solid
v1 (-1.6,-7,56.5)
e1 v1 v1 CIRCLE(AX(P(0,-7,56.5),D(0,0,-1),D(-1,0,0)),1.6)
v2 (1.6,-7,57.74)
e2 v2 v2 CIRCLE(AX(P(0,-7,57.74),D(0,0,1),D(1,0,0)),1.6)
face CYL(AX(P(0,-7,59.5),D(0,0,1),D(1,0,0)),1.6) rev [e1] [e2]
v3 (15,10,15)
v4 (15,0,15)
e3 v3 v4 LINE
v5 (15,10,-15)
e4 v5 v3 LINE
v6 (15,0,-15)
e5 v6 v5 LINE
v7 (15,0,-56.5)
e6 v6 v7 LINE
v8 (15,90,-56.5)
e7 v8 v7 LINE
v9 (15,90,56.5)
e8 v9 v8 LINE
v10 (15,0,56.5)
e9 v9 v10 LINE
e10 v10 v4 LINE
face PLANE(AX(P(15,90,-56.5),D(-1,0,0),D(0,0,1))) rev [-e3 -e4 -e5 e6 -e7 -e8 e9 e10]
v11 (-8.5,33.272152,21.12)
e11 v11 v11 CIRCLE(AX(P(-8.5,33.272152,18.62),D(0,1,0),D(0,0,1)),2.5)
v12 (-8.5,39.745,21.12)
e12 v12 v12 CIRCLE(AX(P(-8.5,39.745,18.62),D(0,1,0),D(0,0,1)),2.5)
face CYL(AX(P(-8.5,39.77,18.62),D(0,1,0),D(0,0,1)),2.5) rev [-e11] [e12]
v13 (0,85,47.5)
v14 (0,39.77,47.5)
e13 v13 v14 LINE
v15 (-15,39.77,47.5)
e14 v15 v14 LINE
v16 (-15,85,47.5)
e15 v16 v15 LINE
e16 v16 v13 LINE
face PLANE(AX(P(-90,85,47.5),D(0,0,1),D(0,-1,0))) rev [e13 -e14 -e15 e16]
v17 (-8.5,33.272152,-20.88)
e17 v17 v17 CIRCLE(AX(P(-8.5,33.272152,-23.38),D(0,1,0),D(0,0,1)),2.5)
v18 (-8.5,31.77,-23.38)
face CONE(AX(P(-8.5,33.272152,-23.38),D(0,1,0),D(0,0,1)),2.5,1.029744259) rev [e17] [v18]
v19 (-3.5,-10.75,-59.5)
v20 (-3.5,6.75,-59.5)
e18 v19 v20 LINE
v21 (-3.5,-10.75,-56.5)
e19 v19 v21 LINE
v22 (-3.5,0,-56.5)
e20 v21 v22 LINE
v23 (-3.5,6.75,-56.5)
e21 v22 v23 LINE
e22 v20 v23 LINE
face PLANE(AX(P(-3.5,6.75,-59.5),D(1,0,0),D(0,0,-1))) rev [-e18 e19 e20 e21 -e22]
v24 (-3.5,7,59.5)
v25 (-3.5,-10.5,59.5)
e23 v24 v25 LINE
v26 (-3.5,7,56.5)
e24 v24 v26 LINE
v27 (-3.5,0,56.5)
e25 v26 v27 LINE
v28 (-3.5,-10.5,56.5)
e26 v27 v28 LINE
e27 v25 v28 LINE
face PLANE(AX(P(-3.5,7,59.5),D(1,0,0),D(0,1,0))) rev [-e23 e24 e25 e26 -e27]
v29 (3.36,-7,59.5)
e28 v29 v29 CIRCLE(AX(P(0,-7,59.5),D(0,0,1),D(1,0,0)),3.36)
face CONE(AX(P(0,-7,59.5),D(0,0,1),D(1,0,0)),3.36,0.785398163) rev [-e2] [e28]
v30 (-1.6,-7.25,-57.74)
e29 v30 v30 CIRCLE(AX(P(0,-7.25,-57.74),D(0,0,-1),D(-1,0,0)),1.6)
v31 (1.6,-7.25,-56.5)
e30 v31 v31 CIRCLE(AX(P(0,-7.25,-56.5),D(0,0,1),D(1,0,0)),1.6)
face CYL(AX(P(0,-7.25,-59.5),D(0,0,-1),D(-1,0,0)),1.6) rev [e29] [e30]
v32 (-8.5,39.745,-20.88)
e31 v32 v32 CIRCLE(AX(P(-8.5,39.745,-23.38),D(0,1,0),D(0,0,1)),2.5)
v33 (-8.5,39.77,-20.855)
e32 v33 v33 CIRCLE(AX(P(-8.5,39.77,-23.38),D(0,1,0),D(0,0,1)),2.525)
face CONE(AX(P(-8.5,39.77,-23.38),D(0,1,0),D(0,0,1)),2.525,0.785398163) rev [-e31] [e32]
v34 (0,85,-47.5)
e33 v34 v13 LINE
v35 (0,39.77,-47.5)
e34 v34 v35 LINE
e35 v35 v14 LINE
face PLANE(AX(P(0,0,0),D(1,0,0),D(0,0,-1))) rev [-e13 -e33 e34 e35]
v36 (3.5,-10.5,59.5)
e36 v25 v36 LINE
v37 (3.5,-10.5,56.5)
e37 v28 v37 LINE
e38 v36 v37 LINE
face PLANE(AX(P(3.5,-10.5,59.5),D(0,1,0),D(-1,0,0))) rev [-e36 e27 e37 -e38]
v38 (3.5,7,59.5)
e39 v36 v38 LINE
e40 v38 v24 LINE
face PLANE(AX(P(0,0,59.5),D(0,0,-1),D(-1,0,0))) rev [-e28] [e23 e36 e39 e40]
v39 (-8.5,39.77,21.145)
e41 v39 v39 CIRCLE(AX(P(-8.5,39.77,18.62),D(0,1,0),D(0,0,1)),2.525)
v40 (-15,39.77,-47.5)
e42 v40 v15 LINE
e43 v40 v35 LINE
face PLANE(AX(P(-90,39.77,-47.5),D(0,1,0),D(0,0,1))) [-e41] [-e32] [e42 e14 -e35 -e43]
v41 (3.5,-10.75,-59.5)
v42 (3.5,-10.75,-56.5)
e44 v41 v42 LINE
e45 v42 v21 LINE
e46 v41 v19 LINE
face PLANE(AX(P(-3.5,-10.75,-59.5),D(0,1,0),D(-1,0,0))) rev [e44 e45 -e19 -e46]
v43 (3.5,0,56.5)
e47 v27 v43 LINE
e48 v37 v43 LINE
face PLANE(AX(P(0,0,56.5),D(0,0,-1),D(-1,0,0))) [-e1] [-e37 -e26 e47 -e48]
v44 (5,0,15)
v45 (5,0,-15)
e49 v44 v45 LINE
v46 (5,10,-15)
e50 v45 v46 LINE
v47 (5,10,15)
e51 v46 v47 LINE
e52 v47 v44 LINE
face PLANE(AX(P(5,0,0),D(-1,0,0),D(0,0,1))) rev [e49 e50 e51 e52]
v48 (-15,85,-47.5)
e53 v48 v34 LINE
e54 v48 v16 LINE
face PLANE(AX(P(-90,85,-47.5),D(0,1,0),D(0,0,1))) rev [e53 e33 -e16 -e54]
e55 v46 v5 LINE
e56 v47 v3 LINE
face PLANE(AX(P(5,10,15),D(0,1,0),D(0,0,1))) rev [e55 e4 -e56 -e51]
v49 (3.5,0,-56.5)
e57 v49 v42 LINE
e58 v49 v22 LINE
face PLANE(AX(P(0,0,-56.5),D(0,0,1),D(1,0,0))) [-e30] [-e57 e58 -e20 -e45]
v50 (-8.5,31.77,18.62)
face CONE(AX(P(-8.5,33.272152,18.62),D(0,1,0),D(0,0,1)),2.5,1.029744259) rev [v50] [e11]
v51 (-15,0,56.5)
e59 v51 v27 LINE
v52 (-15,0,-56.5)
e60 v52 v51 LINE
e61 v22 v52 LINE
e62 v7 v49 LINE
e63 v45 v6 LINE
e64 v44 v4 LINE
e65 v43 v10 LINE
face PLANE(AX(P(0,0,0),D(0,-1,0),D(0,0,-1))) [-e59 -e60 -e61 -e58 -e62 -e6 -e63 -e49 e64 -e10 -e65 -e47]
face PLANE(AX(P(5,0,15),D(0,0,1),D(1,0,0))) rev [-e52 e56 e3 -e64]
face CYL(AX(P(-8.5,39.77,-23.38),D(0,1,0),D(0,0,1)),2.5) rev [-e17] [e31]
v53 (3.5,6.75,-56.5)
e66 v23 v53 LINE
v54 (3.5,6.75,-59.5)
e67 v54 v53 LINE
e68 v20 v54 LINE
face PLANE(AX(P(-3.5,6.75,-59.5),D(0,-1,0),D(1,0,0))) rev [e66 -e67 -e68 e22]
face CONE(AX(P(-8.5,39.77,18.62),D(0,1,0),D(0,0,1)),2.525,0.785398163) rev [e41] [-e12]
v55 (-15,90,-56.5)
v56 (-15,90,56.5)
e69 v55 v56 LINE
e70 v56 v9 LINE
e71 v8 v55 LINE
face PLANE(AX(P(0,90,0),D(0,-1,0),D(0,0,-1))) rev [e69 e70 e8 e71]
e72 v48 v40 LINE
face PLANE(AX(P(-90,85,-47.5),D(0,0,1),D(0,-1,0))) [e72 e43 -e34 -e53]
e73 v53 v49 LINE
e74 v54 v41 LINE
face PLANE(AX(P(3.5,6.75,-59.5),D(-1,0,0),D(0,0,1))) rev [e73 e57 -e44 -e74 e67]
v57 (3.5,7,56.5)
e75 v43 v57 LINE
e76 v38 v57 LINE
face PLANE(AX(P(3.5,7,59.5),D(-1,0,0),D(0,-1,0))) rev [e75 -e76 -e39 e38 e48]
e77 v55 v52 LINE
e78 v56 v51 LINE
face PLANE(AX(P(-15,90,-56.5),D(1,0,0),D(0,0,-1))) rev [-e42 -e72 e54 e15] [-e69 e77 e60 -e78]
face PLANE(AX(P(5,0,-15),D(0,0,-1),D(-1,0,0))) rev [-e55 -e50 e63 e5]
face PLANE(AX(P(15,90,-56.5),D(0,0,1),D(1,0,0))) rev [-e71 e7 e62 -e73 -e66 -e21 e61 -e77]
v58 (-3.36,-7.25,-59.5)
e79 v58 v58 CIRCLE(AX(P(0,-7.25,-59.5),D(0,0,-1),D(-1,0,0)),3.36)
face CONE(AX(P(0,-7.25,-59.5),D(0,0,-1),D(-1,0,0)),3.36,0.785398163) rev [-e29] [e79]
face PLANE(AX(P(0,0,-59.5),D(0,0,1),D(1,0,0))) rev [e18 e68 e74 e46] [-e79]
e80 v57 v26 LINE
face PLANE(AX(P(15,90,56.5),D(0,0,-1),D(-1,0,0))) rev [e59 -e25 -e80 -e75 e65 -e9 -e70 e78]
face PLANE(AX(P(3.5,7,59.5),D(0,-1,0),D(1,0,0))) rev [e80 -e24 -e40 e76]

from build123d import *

# Parameters (mm, degrees)
SKETCH1_W                                            = 30
SKETCH1_H                                            = 113
BOSS_EXTRUDE1_DEPTH                                  = 90
SKETCH3_W                                            = 95
SKETCH3_H                                            = 45.23
CUT_EXTRUDE1_DEPTH                                   = 90
SKETCH4_W                                            = 30
SKETCH4_H                                            = 10
CUT_EXTRUDE2_DEPTH                                   = 10
F_5_0_5_DIAMETER_HOLE1_D                             = 5
F_5_0_5_DIAMETER_HOLE1_DEPTH                         = 6.497848452
F_5_0_5_DIAMETER_HOLE1_CSINK_D                       = 5.05
F_5_0_5_DIAMETER_HOLE1_CSINK_ANGLE                   = 90
F_5_0_5_DIAMETER_HOLE1_TIP                           = 1.502151548
SKETCH9_W                                            = 7
SKETCH9_H                                            = 17.5
BOSS_EXTRUDE2_DEPTH                                  = 3
CSK_FOR_M3_HEX_SOCKET_COUNTERSUNK_CAP_SC_D           = 3.2
CSK_FOR_M3_HEX_SOCKET_COUNTERSUNK_CAP_SC_DEPTH       = 7.23862301
CSK_FOR_M3_HEX_SOCKET_COUNTERSUNK_CAP_SC_CSINK_D     = 6.72
CSK_FOR_M3_HEX_SOCKET_COUNTERSUNK_CAP_SC_CSINK_ANGLE = 90
CSK_FOR_M3_HEX_SOCKET_COUNTERSUNK_CAP_SC_TIP         = 0.96137699
SKETCH14_W                                           = 7
SKETCH14_H                                           = 17.5
BOSS_EXTRUDE3_DEPTH                                  = 3
CSK_FOR_M3_HEX_SOCKET_COUNTERSUNK_CA_2_D             = 3.2
CSK_FOR_M3_HEX_SOCKET_COUNTERSUNK_CA_2_DEPTH         = 7.23862301
CSK_FOR_M3_HEX_SOCKET_COUNTERSUNK_CA_2_CSINK_D       = 6.72
CSK_FOR_M3_HEX_SOCKET_COUNTERSUNK_CA_2_CSINK_ANGLE   = 90
CSK_FOR_M3_HEX_SOCKET_COUNTERSUNK_CA_2_TIP           = 0.96137699


with BuildPart() as part:
    # Sketch1 → Boss-Extrude1 (new body)
    with BuildSketch(Plane(origin=(0, 0, 0), x_dir=(1, 0, 0), z_dir=(0, 1, 0))):
        Rectangle(SKETCH1_W, SKETCH1_H)
    extrude(amount=BOSS_EXTRUDE1_DEPTH)

    # Sketch3 → Cut-Extrude1 (cut)
    with BuildSketch(Plane(origin=(0, 0, 0), x_dir=(0, 0, -1), z_dir=(1, 0, 0))):
        with Locations((0, 62.385)):
            Rectangle(SKETCH3_W, SKETCH3_H)
    extrude(amount=-CUT_EXTRUDE1_DEPTH, mode=Mode.SUBTRACT)

    # Sketch4 → Cut-Extrude2 (cut)
    with BuildSketch(Plane(origin=(15, 0, 0), x_dir=(0, 0, -1), z_dir=(1, 0, 0))):
        with Locations((0, 5)):
            Rectangle(SKETCH4_W, SKETCH4_H)
    extrude(amount=-CUT_EXTRUDE2_DEPTH, mode=Mode.SUBTRACT)

    # Ø5.0 (5) Diameter Hole1
    with Locations(Plane(origin=(0, 39.77, 0), x_dir=(1, 0, 0), z_dir=(0, 1, 0))):
        with Locations((-8.5, 23.38), (-8.5, -18.62)):
            CounterSinkHole(F_5_0_5_DIAMETER_HOLE1_D / 2, F_5_0_5_DIAMETER_HOLE1_CSINK_D / 2, depth=F_5_0_5_DIAMETER_HOLE1_DEPTH, counter_sink_angle=F_5_0_5_DIAMETER_HOLE1_CSINK_ANGLE)
            with Locations((0, 0, -(F_5_0_5_DIAMETER_HOLE1_DEPTH + F_5_0_5_DIAMETER_HOLE1_TIP / 2))):  # 118° drill point
                Cone(0, F_5_0_5_DIAMETER_HOLE1_D / 2, F_5_0_5_DIAMETER_HOLE1_TIP, mode=Mode.SUBTRACT)

    # Sketch9 → Boss-Extrude2 (add)
    with BuildSketch(Plane(origin=(0, 0, -56.5), x_dir=(-1, 0, 0), z_dir=(0, 0, -1))):
        with Locations((0, -2)):
            Rectangle(SKETCH9_W, SKETCH9_H)
    extrude(amount=BOSS_EXTRUDE2_DEPTH)

    # CSK for M3 Hex Socket Countersunk Cap Sc
    with Locations(Plane(origin=(0, 0, -59.5), x_dir=(-1, 0, 0), z_dir=(0, 0, -1))):
        with Locations((0, -7.25)):
            CounterSinkHole(CSK_FOR_M3_HEX_SOCKET_COUNTERSUNK_CAP_SC_D / 2, CSK_FOR_M3_HEX_SOCKET_COUNTERSUNK_CAP_SC_CSINK_D / 2, depth=CSK_FOR_M3_HEX_SOCKET_COUNTERSUNK_CAP_SC_DEPTH, counter_sink_angle=CSK_FOR_M3_HEX_SOCKET_COUNTERSUNK_CAP_SC_CSINK_ANGLE)
            with Locations((0, 0, -(CSK_FOR_M3_HEX_SOCKET_COUNTERSUNK_CAP_SC_DEPTH + CSK_FOR_M3_HEX_SOCKET_COUNTERSUNK_CAP_SC_TIP / 2))):  # 118° drill point
                Cone(0, CSK_FOR_M3_HEX_SOCKET_COUNTERSUNK_CAP_SC_D / 2, CSK_FOR_M3_HEX_SOCKET_COUNTERSUNK_CAP_SC_TIP, mode=Mode.SUBTRACT)

    # Sketch14 → Boss-Extrude3 (add)
    with BuildSketch(Plane.XY.offset(56.5)):
        with Locations((0, -1.75)):
            Rectangle(SKETCH14_W, SKETCH14_H)
    extrude(amount=BOSS_EXTRUDE3_DEPTH)

    # CSK for M3 Hex Socket Countersunk Ca 2
    with Locations(Plane.XY.offset(59.5)):
        with Locations((0, -7)):
            CounterSinkHole(CSK_FOR_M3_HEX_SOCKET_COUNTERSUNK_CA_2_D / 2, CSK_FOR_M3_HEX_SOCKET_COUNTERSUNK_CA_2_CSINK_D / 2, depth=CSK_FOR_M3_HEX_SOCKET_COUNTERSUNK_CA_2_DEPTH, counter_sink_angle=CSK_FOR_M3_HEX_SOCKET_COUNTERSUNK_CA_2_CSINK_ANGLE)
            with Locations((0, 0, -(CSK_FOR_M3_HEX_SOCKET_COUNTERSUNK_CA_2_DEPTH + CSK_FOR_M3_HEX_SOCKET_COUNTERSUNK_CA_2_TIP / 2))):  # 118° drill point
                Cone(0, CSK_FOR_M3_HEX_SOCKET_COUNTERSUNK_CA_2_D / 2, CSK_FOR_M3_HEX_SOCKET_COUNTERSUNK_CA_2_TIP, mode=Mode.SUBTRACT)


solid = part.part
